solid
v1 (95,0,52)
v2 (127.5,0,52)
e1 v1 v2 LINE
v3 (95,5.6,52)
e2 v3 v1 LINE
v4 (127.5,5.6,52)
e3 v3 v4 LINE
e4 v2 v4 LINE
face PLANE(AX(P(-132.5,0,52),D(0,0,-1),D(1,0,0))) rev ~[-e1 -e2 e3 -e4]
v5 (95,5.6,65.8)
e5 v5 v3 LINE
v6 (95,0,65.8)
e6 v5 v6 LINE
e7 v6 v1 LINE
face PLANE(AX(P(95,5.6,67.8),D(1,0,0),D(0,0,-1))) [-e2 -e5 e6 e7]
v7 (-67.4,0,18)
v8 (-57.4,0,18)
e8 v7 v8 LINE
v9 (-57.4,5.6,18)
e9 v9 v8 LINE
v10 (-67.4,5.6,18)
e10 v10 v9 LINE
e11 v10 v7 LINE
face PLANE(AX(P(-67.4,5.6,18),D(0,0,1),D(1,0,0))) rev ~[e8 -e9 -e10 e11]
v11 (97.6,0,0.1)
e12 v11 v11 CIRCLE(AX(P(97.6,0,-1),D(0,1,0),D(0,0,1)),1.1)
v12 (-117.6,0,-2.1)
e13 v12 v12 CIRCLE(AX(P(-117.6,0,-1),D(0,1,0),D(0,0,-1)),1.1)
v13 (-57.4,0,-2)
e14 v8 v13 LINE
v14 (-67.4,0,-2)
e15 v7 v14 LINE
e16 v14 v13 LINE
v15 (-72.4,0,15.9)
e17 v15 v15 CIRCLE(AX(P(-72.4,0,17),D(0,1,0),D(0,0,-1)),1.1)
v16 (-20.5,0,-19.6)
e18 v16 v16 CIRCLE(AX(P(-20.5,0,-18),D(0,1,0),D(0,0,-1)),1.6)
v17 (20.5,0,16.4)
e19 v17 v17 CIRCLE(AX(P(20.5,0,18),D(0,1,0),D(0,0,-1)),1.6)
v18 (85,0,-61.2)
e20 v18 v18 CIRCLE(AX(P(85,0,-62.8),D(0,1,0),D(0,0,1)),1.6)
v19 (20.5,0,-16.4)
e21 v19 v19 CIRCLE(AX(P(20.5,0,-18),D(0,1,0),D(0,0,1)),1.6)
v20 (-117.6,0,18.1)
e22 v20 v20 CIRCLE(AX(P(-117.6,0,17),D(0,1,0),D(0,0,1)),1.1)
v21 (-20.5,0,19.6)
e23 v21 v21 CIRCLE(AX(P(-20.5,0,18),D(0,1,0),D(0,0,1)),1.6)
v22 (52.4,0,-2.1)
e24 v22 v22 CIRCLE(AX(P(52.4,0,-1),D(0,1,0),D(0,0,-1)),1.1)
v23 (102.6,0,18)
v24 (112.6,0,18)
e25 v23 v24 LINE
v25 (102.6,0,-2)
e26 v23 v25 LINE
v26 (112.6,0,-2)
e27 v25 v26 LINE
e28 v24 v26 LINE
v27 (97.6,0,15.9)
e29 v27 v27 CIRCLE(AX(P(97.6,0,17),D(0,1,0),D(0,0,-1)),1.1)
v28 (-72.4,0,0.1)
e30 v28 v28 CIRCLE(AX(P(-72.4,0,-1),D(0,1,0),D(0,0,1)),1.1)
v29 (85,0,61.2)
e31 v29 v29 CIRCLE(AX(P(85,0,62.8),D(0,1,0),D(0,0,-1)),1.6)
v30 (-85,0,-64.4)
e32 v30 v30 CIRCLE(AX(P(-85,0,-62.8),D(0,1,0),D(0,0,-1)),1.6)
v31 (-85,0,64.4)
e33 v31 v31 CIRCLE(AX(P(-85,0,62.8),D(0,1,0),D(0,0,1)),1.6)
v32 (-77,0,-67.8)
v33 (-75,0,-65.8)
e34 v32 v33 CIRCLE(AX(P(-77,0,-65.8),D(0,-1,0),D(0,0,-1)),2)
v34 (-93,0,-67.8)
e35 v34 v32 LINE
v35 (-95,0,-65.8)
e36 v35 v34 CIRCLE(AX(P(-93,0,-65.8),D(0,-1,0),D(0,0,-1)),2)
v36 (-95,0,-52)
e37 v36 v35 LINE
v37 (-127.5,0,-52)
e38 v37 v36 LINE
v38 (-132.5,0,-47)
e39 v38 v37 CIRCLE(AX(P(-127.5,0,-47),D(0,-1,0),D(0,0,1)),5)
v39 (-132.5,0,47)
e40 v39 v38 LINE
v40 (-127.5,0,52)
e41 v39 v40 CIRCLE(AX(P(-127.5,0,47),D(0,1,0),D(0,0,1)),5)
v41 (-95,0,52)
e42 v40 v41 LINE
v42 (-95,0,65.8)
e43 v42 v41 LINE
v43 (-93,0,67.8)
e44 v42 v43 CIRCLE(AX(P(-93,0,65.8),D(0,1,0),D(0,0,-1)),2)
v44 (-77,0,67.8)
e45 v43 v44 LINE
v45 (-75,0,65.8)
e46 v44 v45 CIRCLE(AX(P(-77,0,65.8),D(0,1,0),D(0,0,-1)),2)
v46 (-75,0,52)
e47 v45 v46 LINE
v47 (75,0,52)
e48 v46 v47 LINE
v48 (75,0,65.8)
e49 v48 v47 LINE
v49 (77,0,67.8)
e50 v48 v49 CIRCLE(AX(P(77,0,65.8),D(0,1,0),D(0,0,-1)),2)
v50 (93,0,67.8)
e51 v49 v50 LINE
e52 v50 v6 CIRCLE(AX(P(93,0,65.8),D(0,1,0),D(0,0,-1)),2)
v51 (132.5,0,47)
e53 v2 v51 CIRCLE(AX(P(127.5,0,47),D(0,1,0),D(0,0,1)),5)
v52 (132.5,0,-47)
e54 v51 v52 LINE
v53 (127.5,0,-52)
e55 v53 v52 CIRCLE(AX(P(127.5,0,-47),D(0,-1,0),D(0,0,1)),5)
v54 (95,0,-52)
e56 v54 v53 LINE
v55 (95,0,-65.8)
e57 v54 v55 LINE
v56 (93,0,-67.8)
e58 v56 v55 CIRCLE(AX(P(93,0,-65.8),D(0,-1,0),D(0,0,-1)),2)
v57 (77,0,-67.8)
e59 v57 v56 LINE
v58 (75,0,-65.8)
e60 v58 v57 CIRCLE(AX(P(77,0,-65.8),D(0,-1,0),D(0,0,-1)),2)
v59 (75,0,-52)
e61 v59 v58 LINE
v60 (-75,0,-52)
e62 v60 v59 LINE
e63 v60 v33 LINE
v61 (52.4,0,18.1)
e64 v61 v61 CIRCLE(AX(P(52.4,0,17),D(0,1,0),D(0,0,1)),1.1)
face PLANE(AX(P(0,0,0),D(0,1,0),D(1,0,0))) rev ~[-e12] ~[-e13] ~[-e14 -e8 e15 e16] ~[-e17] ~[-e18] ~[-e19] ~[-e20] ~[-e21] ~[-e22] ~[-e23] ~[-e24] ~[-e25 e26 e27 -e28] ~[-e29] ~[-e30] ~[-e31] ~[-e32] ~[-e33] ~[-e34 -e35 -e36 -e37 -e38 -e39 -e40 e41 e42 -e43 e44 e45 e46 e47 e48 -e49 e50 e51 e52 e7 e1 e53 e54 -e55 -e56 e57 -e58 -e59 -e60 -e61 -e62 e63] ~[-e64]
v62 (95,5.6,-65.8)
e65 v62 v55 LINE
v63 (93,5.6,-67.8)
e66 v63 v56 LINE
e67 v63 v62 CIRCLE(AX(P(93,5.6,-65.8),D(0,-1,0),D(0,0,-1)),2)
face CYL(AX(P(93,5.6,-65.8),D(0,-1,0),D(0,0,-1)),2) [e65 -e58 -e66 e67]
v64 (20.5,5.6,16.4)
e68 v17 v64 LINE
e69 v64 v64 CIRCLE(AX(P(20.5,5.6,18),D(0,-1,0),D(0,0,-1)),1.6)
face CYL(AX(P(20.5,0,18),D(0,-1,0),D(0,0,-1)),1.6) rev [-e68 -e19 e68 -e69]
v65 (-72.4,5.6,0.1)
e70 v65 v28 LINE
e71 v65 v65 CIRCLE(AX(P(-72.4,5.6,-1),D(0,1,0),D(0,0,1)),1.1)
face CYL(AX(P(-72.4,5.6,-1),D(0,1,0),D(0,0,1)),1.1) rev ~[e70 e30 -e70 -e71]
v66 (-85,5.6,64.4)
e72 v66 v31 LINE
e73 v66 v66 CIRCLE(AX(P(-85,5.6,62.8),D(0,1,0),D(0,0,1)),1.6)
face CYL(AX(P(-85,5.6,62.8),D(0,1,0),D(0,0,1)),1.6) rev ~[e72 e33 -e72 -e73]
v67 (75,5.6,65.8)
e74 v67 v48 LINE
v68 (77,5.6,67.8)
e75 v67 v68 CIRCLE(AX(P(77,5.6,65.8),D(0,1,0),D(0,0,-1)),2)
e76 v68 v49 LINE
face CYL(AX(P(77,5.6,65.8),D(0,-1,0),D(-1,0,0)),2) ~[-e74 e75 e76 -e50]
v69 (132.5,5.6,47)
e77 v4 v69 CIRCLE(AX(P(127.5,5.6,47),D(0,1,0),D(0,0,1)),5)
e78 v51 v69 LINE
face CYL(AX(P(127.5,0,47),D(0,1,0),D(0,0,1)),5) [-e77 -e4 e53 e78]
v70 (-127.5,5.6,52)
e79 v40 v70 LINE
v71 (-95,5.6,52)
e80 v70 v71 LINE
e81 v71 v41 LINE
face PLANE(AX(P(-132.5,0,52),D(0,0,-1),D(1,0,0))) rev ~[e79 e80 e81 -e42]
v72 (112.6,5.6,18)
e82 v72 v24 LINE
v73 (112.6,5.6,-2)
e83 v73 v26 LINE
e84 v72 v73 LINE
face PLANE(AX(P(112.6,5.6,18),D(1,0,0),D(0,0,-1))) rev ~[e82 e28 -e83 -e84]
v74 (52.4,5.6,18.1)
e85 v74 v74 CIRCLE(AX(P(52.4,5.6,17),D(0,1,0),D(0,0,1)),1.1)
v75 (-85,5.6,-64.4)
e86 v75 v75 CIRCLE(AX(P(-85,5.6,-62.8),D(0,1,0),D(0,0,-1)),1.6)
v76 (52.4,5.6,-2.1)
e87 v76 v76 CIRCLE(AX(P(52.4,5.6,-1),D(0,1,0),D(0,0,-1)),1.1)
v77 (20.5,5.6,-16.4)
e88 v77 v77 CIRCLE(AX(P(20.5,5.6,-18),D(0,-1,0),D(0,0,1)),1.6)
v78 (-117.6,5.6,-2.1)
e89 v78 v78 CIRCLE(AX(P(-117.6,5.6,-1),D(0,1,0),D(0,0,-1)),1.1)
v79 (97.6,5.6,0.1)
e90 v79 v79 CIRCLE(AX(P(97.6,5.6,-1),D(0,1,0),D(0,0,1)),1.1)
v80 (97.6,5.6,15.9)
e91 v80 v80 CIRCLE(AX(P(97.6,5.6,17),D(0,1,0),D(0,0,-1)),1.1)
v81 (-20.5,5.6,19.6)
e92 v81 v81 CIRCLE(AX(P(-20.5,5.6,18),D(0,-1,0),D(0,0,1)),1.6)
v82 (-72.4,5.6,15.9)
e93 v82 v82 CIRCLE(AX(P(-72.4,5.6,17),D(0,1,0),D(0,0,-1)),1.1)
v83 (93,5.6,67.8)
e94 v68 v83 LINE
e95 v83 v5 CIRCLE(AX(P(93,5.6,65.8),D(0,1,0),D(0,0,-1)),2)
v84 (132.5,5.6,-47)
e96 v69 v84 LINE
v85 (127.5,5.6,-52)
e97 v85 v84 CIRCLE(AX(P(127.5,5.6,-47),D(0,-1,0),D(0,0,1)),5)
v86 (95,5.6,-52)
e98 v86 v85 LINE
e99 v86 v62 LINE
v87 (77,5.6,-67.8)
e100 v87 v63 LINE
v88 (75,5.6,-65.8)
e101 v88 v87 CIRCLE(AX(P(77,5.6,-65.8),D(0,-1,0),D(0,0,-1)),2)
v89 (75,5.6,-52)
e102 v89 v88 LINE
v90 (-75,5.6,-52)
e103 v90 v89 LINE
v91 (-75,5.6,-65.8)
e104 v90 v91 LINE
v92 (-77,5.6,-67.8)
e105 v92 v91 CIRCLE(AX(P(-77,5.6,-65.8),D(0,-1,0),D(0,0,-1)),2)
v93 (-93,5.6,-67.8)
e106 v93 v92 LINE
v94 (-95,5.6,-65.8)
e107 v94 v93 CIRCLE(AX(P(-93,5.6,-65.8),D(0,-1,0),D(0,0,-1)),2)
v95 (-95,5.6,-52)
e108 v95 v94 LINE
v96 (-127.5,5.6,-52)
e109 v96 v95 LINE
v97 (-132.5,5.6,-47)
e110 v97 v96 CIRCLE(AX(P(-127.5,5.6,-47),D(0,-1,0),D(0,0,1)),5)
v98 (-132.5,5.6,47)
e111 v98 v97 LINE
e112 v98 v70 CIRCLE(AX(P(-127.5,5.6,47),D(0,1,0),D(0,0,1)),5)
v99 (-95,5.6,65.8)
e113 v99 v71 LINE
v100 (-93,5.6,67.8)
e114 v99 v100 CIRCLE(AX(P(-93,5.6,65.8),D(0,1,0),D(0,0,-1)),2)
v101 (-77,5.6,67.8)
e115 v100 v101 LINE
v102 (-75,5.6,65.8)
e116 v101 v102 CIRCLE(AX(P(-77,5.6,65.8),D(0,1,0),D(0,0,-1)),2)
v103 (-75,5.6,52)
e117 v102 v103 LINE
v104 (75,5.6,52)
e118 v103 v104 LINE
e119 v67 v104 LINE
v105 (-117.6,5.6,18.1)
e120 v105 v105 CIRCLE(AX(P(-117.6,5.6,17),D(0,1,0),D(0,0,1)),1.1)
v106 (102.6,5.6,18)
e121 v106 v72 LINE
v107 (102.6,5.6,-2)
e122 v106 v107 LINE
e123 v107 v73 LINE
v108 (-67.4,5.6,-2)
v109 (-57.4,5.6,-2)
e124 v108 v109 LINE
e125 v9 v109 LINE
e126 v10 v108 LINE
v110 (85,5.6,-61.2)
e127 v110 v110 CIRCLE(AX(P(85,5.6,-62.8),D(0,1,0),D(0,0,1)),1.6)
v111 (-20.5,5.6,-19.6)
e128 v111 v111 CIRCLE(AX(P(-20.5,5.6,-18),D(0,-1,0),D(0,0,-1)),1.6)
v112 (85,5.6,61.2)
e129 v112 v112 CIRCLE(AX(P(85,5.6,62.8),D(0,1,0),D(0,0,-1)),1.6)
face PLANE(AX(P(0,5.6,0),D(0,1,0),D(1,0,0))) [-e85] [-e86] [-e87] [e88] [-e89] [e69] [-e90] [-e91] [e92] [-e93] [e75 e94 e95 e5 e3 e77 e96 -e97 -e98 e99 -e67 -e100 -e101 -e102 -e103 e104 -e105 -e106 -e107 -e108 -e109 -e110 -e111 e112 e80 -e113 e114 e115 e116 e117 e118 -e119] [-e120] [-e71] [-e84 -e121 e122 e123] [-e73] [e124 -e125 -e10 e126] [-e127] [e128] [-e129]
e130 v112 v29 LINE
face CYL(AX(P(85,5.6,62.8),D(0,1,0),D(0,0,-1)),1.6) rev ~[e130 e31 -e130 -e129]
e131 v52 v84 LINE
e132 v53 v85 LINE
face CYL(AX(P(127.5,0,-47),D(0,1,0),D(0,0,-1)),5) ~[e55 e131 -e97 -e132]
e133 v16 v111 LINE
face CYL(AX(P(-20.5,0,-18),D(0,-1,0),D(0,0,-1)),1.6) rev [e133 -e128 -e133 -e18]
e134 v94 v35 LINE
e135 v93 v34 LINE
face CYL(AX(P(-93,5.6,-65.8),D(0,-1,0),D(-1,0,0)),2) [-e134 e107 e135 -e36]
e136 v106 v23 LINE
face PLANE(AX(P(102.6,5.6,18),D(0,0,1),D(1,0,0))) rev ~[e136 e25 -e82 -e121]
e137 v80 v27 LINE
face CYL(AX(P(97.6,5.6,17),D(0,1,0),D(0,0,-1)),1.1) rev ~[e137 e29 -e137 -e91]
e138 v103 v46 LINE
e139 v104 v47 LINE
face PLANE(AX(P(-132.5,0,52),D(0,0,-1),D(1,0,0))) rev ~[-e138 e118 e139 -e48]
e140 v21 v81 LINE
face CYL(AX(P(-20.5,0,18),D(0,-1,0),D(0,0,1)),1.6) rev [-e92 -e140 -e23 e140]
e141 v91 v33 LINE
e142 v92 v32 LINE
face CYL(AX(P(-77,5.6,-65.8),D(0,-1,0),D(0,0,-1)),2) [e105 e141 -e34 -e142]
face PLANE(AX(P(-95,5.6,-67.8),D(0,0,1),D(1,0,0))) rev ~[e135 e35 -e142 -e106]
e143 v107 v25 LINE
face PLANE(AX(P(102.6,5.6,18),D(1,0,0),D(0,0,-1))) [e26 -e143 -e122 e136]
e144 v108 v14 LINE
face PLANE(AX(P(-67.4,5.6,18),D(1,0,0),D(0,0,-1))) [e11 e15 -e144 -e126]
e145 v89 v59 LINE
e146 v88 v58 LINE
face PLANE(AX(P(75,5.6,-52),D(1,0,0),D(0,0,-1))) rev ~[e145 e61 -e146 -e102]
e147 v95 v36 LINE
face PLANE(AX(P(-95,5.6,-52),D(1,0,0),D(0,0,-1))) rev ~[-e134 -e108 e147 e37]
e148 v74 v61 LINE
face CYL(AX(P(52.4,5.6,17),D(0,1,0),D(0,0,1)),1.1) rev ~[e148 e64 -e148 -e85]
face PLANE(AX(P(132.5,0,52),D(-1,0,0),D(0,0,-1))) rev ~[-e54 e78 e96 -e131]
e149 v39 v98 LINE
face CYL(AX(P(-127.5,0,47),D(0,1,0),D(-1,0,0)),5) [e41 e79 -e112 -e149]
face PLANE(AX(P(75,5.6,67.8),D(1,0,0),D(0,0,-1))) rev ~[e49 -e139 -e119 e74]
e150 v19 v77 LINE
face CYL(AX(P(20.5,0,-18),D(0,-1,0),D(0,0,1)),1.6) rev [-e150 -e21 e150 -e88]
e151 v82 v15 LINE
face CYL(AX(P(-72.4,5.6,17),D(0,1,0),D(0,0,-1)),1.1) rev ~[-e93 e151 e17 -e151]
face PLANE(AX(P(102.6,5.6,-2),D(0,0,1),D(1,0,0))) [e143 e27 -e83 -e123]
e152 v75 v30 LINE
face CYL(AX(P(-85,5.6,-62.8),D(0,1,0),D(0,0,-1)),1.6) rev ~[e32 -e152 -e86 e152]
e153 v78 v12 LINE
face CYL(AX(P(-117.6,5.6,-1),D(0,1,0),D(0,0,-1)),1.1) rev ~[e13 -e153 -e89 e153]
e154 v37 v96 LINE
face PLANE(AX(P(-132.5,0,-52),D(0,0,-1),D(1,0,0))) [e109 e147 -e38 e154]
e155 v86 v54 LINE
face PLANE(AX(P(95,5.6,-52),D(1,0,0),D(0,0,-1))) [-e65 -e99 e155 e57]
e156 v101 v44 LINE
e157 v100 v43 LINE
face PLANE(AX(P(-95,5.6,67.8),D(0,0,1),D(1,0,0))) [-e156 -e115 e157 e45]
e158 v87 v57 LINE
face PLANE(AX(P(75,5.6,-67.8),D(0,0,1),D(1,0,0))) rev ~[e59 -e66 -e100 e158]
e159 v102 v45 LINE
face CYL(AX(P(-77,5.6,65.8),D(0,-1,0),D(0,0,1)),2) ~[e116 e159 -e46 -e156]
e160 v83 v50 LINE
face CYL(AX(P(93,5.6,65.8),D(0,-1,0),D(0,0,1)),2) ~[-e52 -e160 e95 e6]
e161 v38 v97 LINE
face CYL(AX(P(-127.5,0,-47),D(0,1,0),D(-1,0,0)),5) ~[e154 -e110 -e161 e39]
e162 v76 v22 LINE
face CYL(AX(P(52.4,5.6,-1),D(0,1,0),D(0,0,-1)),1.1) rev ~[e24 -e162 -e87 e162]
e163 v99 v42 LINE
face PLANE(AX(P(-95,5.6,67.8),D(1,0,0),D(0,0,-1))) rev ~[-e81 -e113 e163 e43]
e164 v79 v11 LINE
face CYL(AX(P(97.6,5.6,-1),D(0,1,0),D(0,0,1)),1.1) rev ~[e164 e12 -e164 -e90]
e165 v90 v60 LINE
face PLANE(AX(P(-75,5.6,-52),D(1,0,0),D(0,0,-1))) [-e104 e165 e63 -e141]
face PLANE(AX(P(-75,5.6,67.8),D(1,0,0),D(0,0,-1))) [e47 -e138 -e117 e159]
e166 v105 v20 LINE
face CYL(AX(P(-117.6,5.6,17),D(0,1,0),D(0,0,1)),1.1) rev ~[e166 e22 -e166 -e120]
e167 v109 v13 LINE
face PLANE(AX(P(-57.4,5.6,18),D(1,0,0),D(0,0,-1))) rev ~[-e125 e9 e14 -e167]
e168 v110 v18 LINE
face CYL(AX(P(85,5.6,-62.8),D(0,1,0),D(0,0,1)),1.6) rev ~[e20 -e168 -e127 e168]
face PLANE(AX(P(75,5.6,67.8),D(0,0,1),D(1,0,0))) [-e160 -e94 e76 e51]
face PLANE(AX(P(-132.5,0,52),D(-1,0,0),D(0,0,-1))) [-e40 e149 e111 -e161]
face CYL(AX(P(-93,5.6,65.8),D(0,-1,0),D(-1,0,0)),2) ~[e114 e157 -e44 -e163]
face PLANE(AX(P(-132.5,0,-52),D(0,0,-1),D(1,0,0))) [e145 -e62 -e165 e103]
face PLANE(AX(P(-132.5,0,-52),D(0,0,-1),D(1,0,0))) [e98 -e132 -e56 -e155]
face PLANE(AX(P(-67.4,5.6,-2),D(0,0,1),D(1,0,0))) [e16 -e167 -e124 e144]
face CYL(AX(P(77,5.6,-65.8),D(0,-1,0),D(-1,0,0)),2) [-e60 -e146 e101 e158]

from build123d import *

# Parameters (mm, degrees)
SKETCH_1_W          = 265
SKETCH_1_H          = 104
EXTRUDE_1_DEPTH     = 5.6
SKETCH_2_R          = 1.6
CUT_EXTRUDE_4_DEPTH = 143.448622317
SKETCH_4_R          = 1.1
SKETCH_4_W          = 10
SKETCH_4_H          = 20
CUT_EXTRUDE_6_DEPTH = 143.448622317
SKETCH_5_W          = 20
SKETCH_5_H          = 15.8
SKETCH_5_R          = 1.6
EXTRUDE_2_DEPTH     = 5.6
FILLET_1_R          = 5
FILLET_2_R          = 2


with BuildPart() as part:
    # ｽｹｯﾁ1 → ﾎﾞｽ - 押し出し1 (new body)
    with BuildSketch(Plane(origin=(0, 0, 0), x_dir=(1, 0, 0), z_dir=(0, 1, 0))):
        Rectangle(SKETCH_1_W, SKETCH_1_H)
    extrude(amount=EXTRUDE_1_DEPTH)

    # ｽｹｯﾁ2 → ｶｯﾄ - 押し出し4 (cut, through all)
    with BuildSketch(Plane(origin=(0, 0, 0), x_dir=(1, 0, 0), z_dir=(0, 1, 0))):
        with Locations(Location((20.5, 18, 0), (0, 0, 270))):
            Circle(SKETCH_2_R)
        with Locations(Location((20.5, -18, 0), (0, 0, 90))):
            Circle(SKETCH_2_R)
        with Locations(Location((-20.5, -18, 0), (0, 0, 270))):
            Circle(SKETCH_2_R)
        with Locations(Location((-20.5, 18, 0), (0, 0, 90))):
            Circle(SKETCH_2_R)
    extrude(amount=CUT_EXTRUDE_4_DEPTH, mode=Mode.SUBTRACT)

    # ｽｹｯﾁ4 → ｶｯﾄ - 押し出し6 (cut, through all)
    with BuildSketch(Plane(origin=(0, 5.6, 0), x_dir=(1, 0, 0), z_dir=(0, 1, 0))):
        with Locations(Location((97.6, 1, 0), (0, 0, 270))):
            Circle(SKETCH_4_R)
        with Locations(Location((97.6, -17, 0), (0, 0, 90))):
            Circle(SKETCH_4_R)
        with Locations(Location((52.4, 1, 0), (0, 0, 90))):
            Circle(SKETCH_4_R)
        with Locations(Location((52.4, -17, 0), (0, 0, 270))):
            Circle(SKETCH_4_R)
        with Locations(Location((-72.4, 1, 0), (0, 0, 270))):
            Circle(SKETCH_4_R)
        with Locations(Location((-72.4, -17, 0), (0, 0, 90))):
            Circle(SKETCH_4_R)
        with Locations(Location((-117.6, 1, 0), (0, 0, 90))):
            Circle(SKETCH_4_R)
        with Locations(Location((-117.6, -17, 0), (0, 0, 270))):
            Circle(SKETCH_4_R)
        with Locations((-62.4, -8)):
            Rectangle(SKETCH_4_W, SKETCH_4_H)
        with Locations((107.6, -8)):
            Rectangle(SKETCH_4_W, SKETCH_4_H)
    extrude(amount=-CUT_EXTRUDE_6_DEPTH, mode=Mode.SUBTRACT)

    # ｽｹｯﾁ5 → ﾎﾞｽ - 押し出し2 (add)
    # profile 1 of 4: a face of its own
    with BuildSketch(Plane(origin=(0, 5.6, 0), x_dir=(1, 0, 0), z_dir=(0, 1, 0))):
        with Locations((85, 59.9)):
            Rectangle(SKETCH_5_W, SKETCH_5_H)
        with Locations(Location((85, 62.8, 0), (0, 0, 270))):
            Circle(SKETCH_5_R, mode=Mode.SUBTRACT)
    # profile 2 of 4: a face of its own
    with BuildSketch(Plane(origin=(0, 5.6, 0), x_dir=(1, 0, 0), z_dir=(0, 1, 0))):
        with Locations((-85, 59.9)):
            Rectangle(SKETCH_5_W, SKETCH_5_H)
        with Locations(Location((-85, 62.8, 0), (0, 0, 90))):
            Circle(SKETCH_5_R, mode=Mode.SUBTRACT)
    # profile 3 of 4: a face of its own
    with BuildSketch(Plane(origin=(0, 5.6, 0), x_dir=(1, 0, 0), z_dir=(0, 1, 0))):
        with Locations((85, -59.9)):
            Rectangle(SKETCH_5_W, SKETCH_5_H)
        with Locations(Location((85, -62.8, 0), (0, 0, 90))):
            Circle(SKETCH_5_R, mode=Mode.SUBTRACT)
    # profile 4 of 4: a face of its own
    with BuildSketch(Plane(origin=(0, 5.6, 0), x_dir=(1, 0, 0), z_dir=(0, 1, 0))):
        with Locations((-85, -59.9)):
            Rectangle(SKETCH_5_W, SKETCH_5_H)
        with Locations(Location((-85, -62.8, 0), (0, 0, 270))):
            Circle(SKETCH_5_R, mode=Mode.SUBTRACT)
    extrude(amount=-EXTRUDE_2_DEPTH)

    # ﾌｨﾚｯﾄ1
    fillet_1_edges = [part.edges().sort_by_distance(p)[0] for p in [
        (132.5, 2.8, 52),
        (-132.5, 2.8, 52),
        (-132.5, 2.8, -52),
        (132.5, 2.8, -52),
    ]]
    fillet(fillet_1_edges, radius=FILLET_1_R)

    # ﾌｨﾚｯﾄ2
    fillet_2_edges = [part.edges().sort_by_distance(p)[0] for p in [
        (-95, 2.8, -67.8),
        (-75, 2.8, -67.8),
        (95, 2.8, 67.8),
        (75, 2.8, 67.8),
        (-75, 2.8, 67.8),
        (-95, 2.8, 67.8),
        (75, 2.8, -67.8),
        (95, 2.8, -67.8),
    ]]
    fillet(fillet_2_edges, radius=FILLET_2_R)


solid = part.part
